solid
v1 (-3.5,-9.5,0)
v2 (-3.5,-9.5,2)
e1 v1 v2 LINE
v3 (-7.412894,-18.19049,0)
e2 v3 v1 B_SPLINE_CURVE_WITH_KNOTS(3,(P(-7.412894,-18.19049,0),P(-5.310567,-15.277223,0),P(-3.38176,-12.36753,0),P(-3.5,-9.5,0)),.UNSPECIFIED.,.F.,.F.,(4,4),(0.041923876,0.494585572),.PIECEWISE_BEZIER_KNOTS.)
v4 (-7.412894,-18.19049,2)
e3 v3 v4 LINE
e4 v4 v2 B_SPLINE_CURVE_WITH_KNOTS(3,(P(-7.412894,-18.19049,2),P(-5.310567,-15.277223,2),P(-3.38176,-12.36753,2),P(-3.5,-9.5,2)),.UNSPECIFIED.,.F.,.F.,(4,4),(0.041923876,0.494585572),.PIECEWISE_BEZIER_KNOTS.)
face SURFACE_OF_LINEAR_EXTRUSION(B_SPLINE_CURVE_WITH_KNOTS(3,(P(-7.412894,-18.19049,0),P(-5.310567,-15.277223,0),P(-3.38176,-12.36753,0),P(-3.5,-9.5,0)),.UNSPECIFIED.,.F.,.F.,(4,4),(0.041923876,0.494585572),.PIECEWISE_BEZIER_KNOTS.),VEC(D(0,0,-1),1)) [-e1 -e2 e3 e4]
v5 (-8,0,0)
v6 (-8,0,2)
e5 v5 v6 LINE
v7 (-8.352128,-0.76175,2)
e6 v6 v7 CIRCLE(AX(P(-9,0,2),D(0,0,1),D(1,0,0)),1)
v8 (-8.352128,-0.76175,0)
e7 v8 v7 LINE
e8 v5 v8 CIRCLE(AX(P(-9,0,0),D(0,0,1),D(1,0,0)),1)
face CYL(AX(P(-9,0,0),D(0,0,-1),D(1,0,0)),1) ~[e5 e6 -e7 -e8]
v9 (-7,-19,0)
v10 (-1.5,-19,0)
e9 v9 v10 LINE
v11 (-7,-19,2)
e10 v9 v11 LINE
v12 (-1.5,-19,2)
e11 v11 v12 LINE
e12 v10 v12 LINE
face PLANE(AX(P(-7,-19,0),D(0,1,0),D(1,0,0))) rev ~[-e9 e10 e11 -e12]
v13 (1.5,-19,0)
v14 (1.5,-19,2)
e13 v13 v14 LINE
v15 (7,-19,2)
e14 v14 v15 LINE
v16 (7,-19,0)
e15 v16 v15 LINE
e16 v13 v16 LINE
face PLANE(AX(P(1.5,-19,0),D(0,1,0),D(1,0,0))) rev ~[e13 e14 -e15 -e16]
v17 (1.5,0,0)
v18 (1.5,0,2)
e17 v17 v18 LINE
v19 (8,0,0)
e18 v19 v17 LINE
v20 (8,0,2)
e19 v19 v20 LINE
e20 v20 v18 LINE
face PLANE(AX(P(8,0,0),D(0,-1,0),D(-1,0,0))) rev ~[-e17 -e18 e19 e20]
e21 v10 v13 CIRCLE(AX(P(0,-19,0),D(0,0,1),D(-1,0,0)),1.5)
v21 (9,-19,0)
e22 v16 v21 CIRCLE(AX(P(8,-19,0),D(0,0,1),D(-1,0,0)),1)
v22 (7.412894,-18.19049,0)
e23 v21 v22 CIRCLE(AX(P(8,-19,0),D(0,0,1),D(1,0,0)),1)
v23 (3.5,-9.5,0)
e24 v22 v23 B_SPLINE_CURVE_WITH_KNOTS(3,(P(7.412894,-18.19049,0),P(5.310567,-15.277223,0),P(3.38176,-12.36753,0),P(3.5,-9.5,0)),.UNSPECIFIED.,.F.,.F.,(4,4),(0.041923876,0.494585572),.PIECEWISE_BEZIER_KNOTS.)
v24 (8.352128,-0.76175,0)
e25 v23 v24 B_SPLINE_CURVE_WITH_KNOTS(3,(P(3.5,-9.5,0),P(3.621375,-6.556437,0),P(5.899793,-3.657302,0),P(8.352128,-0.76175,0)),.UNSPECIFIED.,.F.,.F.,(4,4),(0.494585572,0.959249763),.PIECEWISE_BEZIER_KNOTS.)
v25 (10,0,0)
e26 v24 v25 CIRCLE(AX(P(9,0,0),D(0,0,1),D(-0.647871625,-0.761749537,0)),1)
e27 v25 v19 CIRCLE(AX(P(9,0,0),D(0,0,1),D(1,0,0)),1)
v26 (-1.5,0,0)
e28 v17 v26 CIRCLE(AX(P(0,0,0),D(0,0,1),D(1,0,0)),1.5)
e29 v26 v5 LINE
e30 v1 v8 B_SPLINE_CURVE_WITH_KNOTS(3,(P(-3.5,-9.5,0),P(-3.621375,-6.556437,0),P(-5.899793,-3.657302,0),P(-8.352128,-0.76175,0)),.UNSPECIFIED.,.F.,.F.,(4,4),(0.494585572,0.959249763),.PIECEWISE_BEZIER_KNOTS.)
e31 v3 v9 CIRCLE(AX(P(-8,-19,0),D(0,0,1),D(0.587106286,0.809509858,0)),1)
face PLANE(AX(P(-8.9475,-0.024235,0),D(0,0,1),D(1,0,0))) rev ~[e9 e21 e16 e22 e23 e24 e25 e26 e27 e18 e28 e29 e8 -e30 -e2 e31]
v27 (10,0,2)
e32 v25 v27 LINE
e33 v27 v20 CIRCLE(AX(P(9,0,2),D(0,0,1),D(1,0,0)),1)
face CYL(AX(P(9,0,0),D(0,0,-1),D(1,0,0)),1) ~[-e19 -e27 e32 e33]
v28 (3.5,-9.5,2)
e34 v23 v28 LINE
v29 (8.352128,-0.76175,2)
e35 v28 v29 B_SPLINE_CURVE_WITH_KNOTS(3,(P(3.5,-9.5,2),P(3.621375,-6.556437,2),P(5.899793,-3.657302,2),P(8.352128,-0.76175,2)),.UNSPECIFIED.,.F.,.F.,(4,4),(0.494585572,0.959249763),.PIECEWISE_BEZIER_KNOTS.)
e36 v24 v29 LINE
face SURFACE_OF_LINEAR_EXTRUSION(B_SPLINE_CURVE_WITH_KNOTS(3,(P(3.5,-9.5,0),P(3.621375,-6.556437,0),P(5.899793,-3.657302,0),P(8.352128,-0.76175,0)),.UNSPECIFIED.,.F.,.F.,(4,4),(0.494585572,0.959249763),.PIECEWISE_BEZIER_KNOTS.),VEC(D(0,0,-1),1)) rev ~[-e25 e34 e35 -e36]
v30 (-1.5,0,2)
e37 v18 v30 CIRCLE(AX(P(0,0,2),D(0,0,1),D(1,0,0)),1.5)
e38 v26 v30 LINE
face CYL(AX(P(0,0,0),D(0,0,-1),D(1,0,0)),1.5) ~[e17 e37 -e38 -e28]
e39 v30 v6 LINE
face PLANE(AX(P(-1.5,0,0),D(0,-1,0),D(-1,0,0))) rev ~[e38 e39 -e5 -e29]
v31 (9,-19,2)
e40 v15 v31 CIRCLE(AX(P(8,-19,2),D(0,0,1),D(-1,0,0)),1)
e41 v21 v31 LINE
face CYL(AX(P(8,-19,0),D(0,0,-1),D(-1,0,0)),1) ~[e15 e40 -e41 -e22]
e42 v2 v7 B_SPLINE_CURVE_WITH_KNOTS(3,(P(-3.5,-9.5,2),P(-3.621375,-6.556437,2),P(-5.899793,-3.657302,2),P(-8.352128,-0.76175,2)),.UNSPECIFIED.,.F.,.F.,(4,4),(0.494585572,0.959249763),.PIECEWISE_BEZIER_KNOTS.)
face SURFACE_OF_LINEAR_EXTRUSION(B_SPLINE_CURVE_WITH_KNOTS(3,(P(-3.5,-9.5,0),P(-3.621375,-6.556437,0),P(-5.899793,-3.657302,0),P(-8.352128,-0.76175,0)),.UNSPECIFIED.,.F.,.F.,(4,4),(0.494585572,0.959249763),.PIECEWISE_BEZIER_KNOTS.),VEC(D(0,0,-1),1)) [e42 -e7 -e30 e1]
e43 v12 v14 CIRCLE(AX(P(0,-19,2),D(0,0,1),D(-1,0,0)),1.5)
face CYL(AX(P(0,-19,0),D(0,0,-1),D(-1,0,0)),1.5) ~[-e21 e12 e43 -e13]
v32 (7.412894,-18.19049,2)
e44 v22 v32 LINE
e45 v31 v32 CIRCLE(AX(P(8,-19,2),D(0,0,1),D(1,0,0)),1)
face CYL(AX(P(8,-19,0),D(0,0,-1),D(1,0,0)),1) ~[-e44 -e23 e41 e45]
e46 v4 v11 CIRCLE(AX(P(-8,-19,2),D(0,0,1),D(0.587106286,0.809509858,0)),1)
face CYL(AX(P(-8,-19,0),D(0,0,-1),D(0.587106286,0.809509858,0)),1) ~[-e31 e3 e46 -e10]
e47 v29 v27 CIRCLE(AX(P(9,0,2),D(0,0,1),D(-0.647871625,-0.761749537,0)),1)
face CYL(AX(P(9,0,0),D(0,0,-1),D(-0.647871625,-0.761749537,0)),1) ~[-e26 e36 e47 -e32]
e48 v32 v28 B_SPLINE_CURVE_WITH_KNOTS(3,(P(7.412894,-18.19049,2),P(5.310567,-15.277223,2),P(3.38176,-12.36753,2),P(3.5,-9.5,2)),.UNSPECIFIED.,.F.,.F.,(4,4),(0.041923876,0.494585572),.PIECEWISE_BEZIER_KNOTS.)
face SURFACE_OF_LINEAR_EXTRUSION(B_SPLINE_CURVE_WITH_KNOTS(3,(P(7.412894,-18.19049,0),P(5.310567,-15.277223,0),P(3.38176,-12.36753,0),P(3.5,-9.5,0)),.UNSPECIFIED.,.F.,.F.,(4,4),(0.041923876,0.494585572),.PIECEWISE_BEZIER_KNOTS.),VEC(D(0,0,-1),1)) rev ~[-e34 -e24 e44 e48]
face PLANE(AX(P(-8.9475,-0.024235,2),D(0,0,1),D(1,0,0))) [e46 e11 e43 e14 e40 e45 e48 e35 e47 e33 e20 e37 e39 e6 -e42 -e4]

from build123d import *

# Parameters (mm, degrees)
F1_DEPTH = 2


with BuildPart() as f1:
    # F0 (on Top) → F1 (new body)
    with BuildSketch(Plane.XY):
        with BuildLine():
            add(Edge.make_bspline(
                [(-8.3521283749, -0.7617495372), (-8.5671938563, -0.5078146578), (-8.7835969282, -0.2539073289), (-9, 0)],
                knots=[0.9592497634, 0.9592497634, 0.9592497634, 0.9592497634, 1, 1, 1, 1], degree=3))
            Line((-9, 0), (-8, 0))
            ThreePointArc((-8, 0), (-9.9077091013, 0.4196000327), (-8.3521283749, -0.7617495372))
        make_face()
        with BuildLine():
            Line((-8, 0), (-9, 0))
            add(Edge.make_bspline(
                [(-8.3521283749, -0.7617495372), (-8.5671938563, -0.5078146578), (-8.7835969282, -0.2539073289), (-9, 0)],
                knots=[0.9592497634, 0.9592497634, 0.9592497634, 0.9592497634, 1, 1, 1, 1], degree=3))
            ThreePointArc((-8.3521283749, -0.7617495372), (-8.0922908987, -0.4196000327), (-8, 0))
        make_face()
        with BuildLine():
            Line((-1.5, 0), (-8, 0))
            ThreePointArc((-8, 0), (-8.0922908987, -0.4196000327), (-8.3521283749, -0.7617495372))
            add(Edge.make_bspline(
                [(-3.5, -9.5), (-3.6213752497, -6.556436521), (-5.8997934607, -3.6573019366), (-8.3521283749, -0.7617495372)],
                knots=[0.4945855722, 0.4945855722, 0.4945855722, 0.4945855722, 0.9592497634, 0.9592497634, 0.9592497634, 0.9592497634], degree=3))
            Line((-3.5, -9.5), (0, -9.5))
            Line((0, -9.5), (0, -1.5))
            ThreePointArc((0, -1.5), (-1.0606601718, -1.0606601718), (-1.5, 0))
        make_face()
        with BuildLine():
            Line((0, 0), (-1.5, 0))
            ThreePointArc((-1.5, 0), (-1.0606601718, -1.0606601718), (0, -1.5))
            Line((0, -1.5), (0, 0))
        make_face()
        with BuildLine():
            ThreePointArc((1.5, 0), (0, 1.5), (-1.5, 0))
            Line((-1.5, 0), (0, 0))
            Line((0, 0), (1.5, 0))
        make_face()
        with BuildLine():
            Line((1.5, 0), (0, 0))
            Line((0, 0), (0, -1.5))
            ThreePointArc((0, -1.5), (1.0606601718, -1.0606601718), (1.5, 0))
        make_face()
        with BuildLine():
            Line((8, 0), (1.5, 0))
            ThreePointArc((1.5, 0), (1.0606601718, -1.0606601718), (0, -1.5))
            Line((0, -1.5), (0, -9.5))
            Line((0, -9.5), (3.5, -9.5))
            add(Edge.make_bspline(
                [(3.5, -9.5), (3.6213752497, -6.556436521), (5.8997934607, -3.6573019366), (8.3521283749, -0.7617495372)],
                knots=[0.4945855722, 0.4945855722, 0.4945855722, 0.4945855722, 0.9592497634, 0.9592497634, 0.9592497634, 0.9592497634], degree=3))
            ThreePointArc((8.3521283749, -0.7617495372), (8.0922908987, -0.4196000327), (8, 0))
        make_face()
        with BuildLine():
            Line((9, 0), (8, 0))
            ThreePointArc((8, 0), (8.0922908987, -0.4196000327), (8.3521283749, -0.7617495372))
            add(Edge.make_bspline(
                [(8.3521283749, -0.7617495372), (8.5671938563, -0.5078146578), (8.7835969282, -0.2539073289), (9, 0)],
                knots=[0.9592497634, 0.9592497634, 0.9592497634, 0.9592497634, 1, 1, 1, 1], degree=3))
        make_face()
        with BuildLine():
            ThreePointArc((10, 0), (9, 1), (8, 0))
            Line((8, 0), (9, 0))
            add(Edge.make_bspline(
                [(8.3521283749, -0.7617495372), (8.5671938563, -0.5078146578), (8.7835969282, -0.2539073289), (9, 0)],
                knots=[0.9592497634, 0.9592497634, 0.9592497634, 0.9592497634, 1, 1, 1, 1], degree=3))
            ThreePointArc((8.3521283749, -0.7617495372), (9.4196000327, -0.9077091013), (10, 0))
        make_face()
        with BuildLine():
            Line((0, -9.5), (-3.5, -9.5))
            add(Edge.make_bspline(
                [(-7.4128937144, -18.1904901425), (-5.3105671576, -15.277222995), (-3.3817599302, -12.3675298477), (-3.5, -9.5)],
                knots=[0.0419238759, 0.0419238759, 0.0419238759, 0.0419238759, 0.4945855722, 0.4945855722, 0.4945855722, 0.4945855722], degree=3))
            ThreePointArc((-7.4128937144, -18.1904901425), (-7.1091840017, -18.5456357659), (-7, -19))
            Line((-7, -19), (-1.5, -19))
            ThreePointArc((-1.5, -19), (-1.0606601718, -17.9393398282), (0, -17.5))
            Line((0, -17.5), (0, -9.5))
        make_face()
        with BuildLine():
            Line((3.5, -9.5), (0, -9.5))
            Line((0, -9.5), (0, -17.5))
            ThreePointArc((0, -17.5), (1.0606601718, -17.9393398282), (1.5, -19))
            Line((1.5, -19), (7, -19))
            ThreePointArc((7, -19), (7.1091840017, -18.5456357659), (7.4128937144, -18.1904901425))
            add(Edge.make_bspline(
                [(7.4128937144, -18.1904901425), (5.3105671576, -15.277222995), (3.3817599302, -12.3675298477), (3.5, -9.5)],
                knots=[0.0419238759, 0.0419238759, 0.0419238759, 0.0419238759, 0.4945855722, 0.4945855722, 0.4945855722, 0.4945855722], degree=3))
        make_face()
        with BuildLine():
            Line((0, -19), (0, -17.5))
            ThreePointArc((0, -17.5), (-1.0606601718, -17.9393398282), (-1.5, -19))
            Line((-1.5, -19), (0, -19))
        make_face()
        with BuildLine():
            ThreePointArc((1.5, -19), (1.0606601718, -17.9393398282), (0, -17.5))
            Line((0, -17.5), (0, -19))
            Line((0, -19), (1.5, -19))
        make_face()
        with BuildLine():
            Line((1.5, -19), (0, -19))
            Line((0, -19), (-1.5, -19))
            ThreePointArc((-1.5, -19), (0, -20.5), (1.5, -19))
        make_face()
        with BuildLine():
            add(Edge.make_bspline(
                [(-8, -19), (-7.8038017674, -18.7301531618), (-7.6076035348, -18.4603063237), (-7.4128937144, -18.1904901425)],
                knots=[0, 0, 0, 0, 0.0419238759, 0.0419238759, 0.0419238759, 0.0419238759], degree=3))
            ThreePointArc((-7.4128937144, -18.1904901425), (-8.8908159983, -19.4543642341), (-7, -19))
            Line((-7, -19), (-8, -19))
        make_face()
        with BuildLine():
            ThreePointArc((-7, -19), (-7.1091840017, -18.5456357659), (-7.4128937144, -18.1904901425))
            add(Edge.make_bspline(
                [(-8, -19), (-7.8038017674, -18.7301531618), (-7.6076035348, -18.4603063237), (-7.4128937144, -18.1904901425)],
                knots=[0, 0, 0, 0, 0.0419238759, 0.0419238759, 0.0419238759, 0.0419238759], degree=3))
            Line((-8, -19), (-7, -19))
        make_face()
        with BuildLine():
            add(Edge.make_bspline(
                [(8, -19), (7.8038017674, -18.7301531618), (7.6076035348, -18.4603063237), (7.4128937144, -18.1904901425)],
                knots=[0, 0, 0, 0, 0.0419238759, 0.0419238759, 0.0419238759, 0.0419238759], degree=3))
            ThreePointArc((7.4128937144, -18.1904901425), (7.1091840017, -18.5456357659), (7, -19))
            Line((7, -19), (8, -19))
        make_face()
        with BuildLine():
            ThreePointArc((9, -19), (8.4543642341, -18.1091840017), (7.4128937144, -18.1904901425))
            add(Edge.make_bspline(
                [(8, -19), (7.8038017674, -18.7301531618), (7.6076035348, -18.4603063237), (7.4128937144, -18.1904901425)],
                knots=[0, 0, 0, 0, 0.0419238759, 0.0419238759, 0.0419238759, 0.0419238759], degree=3))
            Line((8, -19), (7, -19))
            ThreePointArc((7, -19), (8, -20), (9, -19))
        make_face()
    extrude(amount=F1_DEPTH)


solid = f1.part
